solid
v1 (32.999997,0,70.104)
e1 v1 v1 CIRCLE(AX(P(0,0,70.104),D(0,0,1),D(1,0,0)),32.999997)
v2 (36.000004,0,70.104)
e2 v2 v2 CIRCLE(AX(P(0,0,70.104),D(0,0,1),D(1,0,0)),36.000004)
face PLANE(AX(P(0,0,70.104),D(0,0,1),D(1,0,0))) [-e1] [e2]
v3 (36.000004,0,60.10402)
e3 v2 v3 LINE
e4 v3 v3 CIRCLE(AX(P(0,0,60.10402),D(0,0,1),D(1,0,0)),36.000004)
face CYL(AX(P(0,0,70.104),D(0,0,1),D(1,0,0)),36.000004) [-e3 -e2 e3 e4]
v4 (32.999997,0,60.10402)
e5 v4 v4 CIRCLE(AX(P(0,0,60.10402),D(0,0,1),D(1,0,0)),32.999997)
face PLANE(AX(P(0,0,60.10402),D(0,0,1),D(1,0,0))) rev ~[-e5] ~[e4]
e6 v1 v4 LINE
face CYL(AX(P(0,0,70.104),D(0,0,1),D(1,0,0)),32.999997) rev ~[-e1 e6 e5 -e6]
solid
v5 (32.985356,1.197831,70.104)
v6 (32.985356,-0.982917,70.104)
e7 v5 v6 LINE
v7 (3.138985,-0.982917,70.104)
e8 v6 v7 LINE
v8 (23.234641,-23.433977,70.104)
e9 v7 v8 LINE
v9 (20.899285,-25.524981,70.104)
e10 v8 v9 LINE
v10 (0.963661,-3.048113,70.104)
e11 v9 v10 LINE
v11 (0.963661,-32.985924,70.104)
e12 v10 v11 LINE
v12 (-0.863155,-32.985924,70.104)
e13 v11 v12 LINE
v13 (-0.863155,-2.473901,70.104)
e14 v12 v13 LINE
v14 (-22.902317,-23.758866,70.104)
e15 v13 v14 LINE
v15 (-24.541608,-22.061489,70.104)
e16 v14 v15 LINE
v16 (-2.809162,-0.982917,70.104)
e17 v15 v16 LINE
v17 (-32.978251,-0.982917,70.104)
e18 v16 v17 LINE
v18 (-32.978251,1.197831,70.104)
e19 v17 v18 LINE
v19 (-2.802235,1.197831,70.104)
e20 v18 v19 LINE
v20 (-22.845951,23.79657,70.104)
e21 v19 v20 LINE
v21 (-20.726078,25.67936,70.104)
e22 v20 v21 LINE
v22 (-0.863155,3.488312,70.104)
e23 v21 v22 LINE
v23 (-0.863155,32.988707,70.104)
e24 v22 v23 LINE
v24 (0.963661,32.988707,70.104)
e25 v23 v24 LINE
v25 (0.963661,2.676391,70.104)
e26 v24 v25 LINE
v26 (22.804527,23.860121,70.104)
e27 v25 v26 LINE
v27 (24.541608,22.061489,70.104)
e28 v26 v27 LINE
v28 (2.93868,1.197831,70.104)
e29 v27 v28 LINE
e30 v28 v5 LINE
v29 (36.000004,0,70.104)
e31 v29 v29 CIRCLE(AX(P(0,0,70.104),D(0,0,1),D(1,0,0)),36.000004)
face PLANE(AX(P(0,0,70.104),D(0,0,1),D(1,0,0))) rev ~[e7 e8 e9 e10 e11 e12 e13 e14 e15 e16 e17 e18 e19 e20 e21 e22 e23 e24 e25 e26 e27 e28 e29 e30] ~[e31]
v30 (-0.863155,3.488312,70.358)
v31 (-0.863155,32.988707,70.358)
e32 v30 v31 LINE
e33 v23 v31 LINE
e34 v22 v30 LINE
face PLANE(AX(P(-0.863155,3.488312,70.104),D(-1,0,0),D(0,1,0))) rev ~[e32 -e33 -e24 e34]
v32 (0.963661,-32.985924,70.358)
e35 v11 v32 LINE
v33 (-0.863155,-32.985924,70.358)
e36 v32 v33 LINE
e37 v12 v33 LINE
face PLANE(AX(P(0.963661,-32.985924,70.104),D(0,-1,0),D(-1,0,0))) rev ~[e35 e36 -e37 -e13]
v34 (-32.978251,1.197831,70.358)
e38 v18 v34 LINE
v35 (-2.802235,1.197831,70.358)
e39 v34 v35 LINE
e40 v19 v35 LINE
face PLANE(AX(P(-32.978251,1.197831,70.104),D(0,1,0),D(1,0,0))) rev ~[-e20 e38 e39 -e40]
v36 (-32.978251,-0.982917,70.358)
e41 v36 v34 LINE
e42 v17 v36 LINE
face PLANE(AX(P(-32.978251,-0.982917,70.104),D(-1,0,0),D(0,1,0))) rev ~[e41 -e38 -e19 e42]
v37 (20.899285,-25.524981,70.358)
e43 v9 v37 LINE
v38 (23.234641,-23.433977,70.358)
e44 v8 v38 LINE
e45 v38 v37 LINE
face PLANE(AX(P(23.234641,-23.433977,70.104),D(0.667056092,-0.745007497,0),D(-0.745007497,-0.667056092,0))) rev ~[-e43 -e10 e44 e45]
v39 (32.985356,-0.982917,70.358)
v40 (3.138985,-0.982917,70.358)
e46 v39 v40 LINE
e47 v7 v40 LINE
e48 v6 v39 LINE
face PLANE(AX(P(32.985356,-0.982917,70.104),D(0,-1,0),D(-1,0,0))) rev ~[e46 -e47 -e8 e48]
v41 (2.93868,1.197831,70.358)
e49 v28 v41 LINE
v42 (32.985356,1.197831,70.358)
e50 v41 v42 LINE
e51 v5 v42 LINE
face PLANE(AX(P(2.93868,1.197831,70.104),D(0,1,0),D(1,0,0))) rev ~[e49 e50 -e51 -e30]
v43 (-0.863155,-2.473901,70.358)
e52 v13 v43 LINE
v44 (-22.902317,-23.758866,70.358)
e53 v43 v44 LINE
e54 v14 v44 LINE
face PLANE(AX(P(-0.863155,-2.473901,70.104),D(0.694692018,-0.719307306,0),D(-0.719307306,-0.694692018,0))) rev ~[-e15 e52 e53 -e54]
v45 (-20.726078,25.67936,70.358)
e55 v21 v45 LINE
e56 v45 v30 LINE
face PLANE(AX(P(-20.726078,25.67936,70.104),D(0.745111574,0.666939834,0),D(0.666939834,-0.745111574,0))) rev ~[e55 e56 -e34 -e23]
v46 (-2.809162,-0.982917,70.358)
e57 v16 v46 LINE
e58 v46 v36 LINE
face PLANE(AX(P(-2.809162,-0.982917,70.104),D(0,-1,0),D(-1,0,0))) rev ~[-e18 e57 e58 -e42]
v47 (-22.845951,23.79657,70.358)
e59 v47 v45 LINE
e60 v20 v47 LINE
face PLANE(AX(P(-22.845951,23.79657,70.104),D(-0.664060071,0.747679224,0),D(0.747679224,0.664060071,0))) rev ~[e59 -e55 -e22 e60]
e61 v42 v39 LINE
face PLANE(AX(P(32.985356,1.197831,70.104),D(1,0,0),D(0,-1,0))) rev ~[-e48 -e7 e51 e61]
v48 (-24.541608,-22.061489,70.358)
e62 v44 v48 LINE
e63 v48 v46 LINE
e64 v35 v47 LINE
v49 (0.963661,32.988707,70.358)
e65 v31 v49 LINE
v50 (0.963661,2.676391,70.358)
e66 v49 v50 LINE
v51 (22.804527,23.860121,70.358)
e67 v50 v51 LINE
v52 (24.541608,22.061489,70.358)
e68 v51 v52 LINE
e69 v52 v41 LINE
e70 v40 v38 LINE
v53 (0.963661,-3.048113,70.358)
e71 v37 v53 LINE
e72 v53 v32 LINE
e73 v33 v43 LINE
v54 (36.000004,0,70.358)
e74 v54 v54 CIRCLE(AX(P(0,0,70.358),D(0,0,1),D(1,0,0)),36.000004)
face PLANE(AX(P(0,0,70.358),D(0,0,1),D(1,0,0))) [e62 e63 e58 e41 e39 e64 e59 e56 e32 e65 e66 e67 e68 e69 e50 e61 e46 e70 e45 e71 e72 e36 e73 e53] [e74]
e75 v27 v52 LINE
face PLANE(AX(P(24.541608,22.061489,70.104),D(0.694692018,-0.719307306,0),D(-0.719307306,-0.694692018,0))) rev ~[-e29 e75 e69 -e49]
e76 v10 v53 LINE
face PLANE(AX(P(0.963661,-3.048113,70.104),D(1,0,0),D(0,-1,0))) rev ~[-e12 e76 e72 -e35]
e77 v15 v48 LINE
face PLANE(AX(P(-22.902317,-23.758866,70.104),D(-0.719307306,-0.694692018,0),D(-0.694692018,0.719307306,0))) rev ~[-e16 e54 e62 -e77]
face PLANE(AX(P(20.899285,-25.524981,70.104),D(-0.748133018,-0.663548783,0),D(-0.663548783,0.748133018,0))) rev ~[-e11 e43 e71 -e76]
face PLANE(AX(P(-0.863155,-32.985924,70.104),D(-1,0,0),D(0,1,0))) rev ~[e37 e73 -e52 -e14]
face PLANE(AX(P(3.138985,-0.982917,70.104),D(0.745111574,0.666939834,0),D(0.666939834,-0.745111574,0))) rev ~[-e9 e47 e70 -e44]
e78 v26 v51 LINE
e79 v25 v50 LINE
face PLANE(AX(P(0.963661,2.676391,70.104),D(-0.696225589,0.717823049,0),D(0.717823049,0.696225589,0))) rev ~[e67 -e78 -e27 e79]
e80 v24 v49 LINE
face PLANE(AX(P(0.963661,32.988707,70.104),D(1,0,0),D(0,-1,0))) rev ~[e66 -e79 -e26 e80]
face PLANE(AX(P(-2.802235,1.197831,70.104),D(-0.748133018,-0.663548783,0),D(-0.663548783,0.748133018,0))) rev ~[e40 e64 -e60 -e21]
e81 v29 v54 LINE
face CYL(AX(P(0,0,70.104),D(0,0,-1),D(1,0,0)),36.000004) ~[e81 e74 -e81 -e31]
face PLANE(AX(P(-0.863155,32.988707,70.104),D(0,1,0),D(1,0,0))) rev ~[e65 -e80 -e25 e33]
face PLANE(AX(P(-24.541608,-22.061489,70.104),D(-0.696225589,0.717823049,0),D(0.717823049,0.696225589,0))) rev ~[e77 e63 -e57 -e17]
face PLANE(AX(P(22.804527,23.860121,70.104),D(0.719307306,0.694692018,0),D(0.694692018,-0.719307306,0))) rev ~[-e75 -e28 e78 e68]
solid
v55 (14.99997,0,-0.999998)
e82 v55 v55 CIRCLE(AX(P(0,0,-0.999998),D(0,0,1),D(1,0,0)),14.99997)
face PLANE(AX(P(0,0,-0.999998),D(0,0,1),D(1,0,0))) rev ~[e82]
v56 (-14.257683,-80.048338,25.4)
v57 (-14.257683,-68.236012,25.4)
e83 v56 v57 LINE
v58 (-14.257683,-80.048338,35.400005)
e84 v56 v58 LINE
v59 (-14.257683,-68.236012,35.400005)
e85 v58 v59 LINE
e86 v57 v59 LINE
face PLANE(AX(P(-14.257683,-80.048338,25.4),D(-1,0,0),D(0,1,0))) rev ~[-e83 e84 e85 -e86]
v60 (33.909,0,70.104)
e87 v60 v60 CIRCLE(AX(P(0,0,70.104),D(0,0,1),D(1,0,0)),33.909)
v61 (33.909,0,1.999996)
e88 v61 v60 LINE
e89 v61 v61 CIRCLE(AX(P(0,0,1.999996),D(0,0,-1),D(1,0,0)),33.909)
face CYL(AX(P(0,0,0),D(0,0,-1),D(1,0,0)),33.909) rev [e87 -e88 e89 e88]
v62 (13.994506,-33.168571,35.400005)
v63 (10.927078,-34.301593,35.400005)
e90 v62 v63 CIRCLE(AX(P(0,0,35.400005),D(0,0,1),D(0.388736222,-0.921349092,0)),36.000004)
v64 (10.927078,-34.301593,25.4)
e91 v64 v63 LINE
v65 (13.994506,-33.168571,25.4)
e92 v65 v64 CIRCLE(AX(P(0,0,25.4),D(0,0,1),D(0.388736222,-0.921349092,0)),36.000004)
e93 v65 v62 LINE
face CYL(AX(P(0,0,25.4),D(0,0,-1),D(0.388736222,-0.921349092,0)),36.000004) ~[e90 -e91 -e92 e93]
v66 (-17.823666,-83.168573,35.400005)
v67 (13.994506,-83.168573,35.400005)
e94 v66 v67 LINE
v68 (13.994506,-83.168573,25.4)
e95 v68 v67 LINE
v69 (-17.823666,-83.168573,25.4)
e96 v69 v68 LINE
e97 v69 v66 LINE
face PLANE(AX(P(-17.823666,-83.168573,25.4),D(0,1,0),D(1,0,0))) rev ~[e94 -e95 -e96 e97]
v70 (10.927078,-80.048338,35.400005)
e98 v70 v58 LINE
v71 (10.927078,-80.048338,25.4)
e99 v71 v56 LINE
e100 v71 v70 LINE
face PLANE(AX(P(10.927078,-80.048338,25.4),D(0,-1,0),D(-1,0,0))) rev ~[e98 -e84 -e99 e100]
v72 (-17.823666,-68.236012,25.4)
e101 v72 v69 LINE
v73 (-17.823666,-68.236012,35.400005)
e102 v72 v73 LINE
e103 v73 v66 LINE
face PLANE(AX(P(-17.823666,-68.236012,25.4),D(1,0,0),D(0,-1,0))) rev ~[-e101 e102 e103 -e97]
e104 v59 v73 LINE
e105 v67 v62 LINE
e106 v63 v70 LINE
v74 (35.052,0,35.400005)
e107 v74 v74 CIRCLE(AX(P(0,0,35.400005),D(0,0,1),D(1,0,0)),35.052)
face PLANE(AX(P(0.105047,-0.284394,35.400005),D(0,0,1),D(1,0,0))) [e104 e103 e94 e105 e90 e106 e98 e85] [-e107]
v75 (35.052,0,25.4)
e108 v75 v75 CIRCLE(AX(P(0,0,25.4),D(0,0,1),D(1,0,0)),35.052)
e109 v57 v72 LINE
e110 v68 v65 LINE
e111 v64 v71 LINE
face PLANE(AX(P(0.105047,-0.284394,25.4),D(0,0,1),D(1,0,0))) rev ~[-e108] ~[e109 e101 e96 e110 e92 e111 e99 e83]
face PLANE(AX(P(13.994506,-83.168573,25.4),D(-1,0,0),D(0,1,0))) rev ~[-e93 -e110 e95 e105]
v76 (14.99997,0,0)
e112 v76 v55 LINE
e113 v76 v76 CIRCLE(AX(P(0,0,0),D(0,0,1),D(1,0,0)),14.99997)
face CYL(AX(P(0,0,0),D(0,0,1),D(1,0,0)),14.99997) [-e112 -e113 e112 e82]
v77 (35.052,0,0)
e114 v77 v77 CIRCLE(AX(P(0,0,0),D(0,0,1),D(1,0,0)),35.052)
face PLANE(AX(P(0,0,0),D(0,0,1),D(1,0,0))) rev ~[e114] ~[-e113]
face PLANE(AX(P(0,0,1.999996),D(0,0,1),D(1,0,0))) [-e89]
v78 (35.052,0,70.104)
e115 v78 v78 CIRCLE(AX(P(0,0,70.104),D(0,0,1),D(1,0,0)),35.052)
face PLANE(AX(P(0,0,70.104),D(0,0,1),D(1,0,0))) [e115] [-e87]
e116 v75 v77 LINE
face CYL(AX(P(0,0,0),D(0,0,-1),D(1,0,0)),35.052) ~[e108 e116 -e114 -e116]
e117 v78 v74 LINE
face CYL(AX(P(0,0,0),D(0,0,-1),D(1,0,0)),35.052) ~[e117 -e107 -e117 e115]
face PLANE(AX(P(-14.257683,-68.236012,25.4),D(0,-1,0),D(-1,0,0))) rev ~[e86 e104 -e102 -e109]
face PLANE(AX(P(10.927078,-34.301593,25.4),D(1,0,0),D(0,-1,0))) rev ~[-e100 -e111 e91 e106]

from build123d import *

# Parameters (mm, degrees)
F0_R      = 35.052
F0_R_2    = 33.909
F1_DEPTH  = 70.104
F2_R      = 35.052
F3_DEPTH  = 1.999996
F4_R      = 14.99997
F5_DEPTH  = 0.999998
F6_R      = 36.0000042
F6_R_2    = 32.9999975
F7_DEPTH  = 9.99998
F8_R      = 36.0000042
F9_DEPTH  = 0.9398
F11_R     = 35.052
F12_DEPTH = 10.0000054
F13_DEPTH = 10.0000054
F14_DEPTH = 0.254


with BuildPart() as f1:
    # F0 (on Top) → F1 (new body)
    with BuildSketch(Plane.XY):
        Circle(F0_R)
        Circle(F0_R_2, mode=Mode.SUBTRACT)
    extrude(amount=F1_DEPTH)

    # F2 (on Top) → F3 (join)
    with BuildSketch(Plane.XY):
        Circle(F2_R)
    extrude(amount=F3_DEPTH)

    # F4 (on face) → F5 (join)
    with BuildSketch(Plane.XY):
        Circle(F4_R)
    extrude(amount=-F5_DEPTH)

    # F8 (on face) → F9 (cut)
    with BuildSketch(Plane.XY.offset(70.104)):
        Circle(F8_R)
        Polygon((-0.8631545961, 3.4883117496), (-0.8631545961, 32.9887071457), (0.9636605694, 32.9887071457), (0.9636605694, 2.6763906699), (22.80452686, 23.8601211458), (24.5416078782, 22.0614894727), (2.938679691, 1.1978312537), (32.9853559722, 1.1978312537), (32.9853559722, -0.9829172856), (3.1389852868, -0.9829172856), (23.2346414068, -23.4339769074), (20.899284631, -25.5249813199), (0.9636605694, -3.0481130643), (0.9636605694, -32.9859241694), (-0.8631545961, -32.9859241694), (-0.8631545961, -2.4739011377), (-22.9023173451, -23.7588656131), (-24.5416078782, -22.0614894727), (-2.8091619684, -0.9829172856), (-32.9782509434, -0.9829172856), (-32.9782509434, 1.1978312537), (-2.8022354953, 1.1978312537), (-22.8459511004, 23.796569754), (-20.7260778787, 25.6793600147), align=None, mode=Mode.SUBTRACT)
    extrude(amount=F9_DEPTH, mode=Mode.SUBTRACT)

    # F11 (on offset) → F12 (join)
    with BuildSketch(Plane.XY.offset(25.4)):
        with BuildLine():
            ThreePointArc((13.9945056409, -33.1685711822), (29.998354657, -19.9022365646), (36.0000042, 0))
            ThreePointArc((36.0000042, 0), (-29.0635094887, 21.2441219776), (10.9270783141, -34.3015927023))
            Line((10.9270783141, -34.3015927023), (13.9945056409, -33.1685711822))
        make_face()
        Circle(F11_R, mode=Mode.SUBTRACT)
        with BuildLine():
            Line((13.9945056409, -33.1685711822), (10.9270783141, -34.3015927023))
            ThreePointArc((10.9270783141, -34.3015927023), (12.4736631007, -33.769927913), (13.9945056409, -33.1685711822))
        make_face()
        with BuildLine():
            ThreePointArc((13.9945056409, -33.1685711822), (12.4736631007, -33.769927913), (10.9270783141, -34.3015927023))
            Line((10.9270783141, -34.3015927023), (10.9270783141, -80.0483375344))
            Line((10.9270783141, -80.0483375344), (-14.2576834187, -80.0483375344))
            Line((-14.2576834187, -80.0483375344), (-14.2576834187, -68.2360119674))
            Line((-14.2576834187, -68.2360119674), (-17.8236663342, -68.2360119674))
            Line((-17.8236663342, -68.2360119674), (-17.8236663342, -83.1685727822))
            Line((-17.8236663342, -83.1685727822), (13.9945056409, -83.1685727822))
            Line((13.9945056409, -83.1685727822), (13.9945056409, -33.1685711822))
        make_face()
    extrude(amount=F12_DEPTH)

    # F11 (on offset) → F13 (join)
    with BuildSketch(Plane.XY.offset(25.4)):
        with BuildLine():
            ThreePointArc((13.9945056409, -33.1685711822), (29.998354657, -19.9022365646), (36.0000042, 0))
            ThreePointArc((36.0000042, 0), (-29.0635094887, 21.2441219776), (10.9270783141, -34.3015927023))
            Line((10.9270783141, -34.3015927023), (13.9945056409, -33.1685711822))
        make_face()
        Circle(F11_R, mode=Mode.SUBTRACT)
        with BuildLine():
            Line((13.9945056409, -33.1685711822), (10.9270783141, -34.3015927023))
            ThreePointArc((10.9270783141, -34.3015927023), (12.4736631007, -33.769927913), (13.9945056409, -33.1685711822))
        make_face()
        with BuildLine():
            ThreePointArc((13.9945056409, -33.1685711822), (12.4736631007, -33.769927913), (10.9270783141, -34.3015927023))
            Line((10.9270783141, -34.3015927023), (10.9270783141, -80.0483375344))
            Line((10.9270783141, -80.0483375344), (-14.2576834187, -80.0483375344))
            Line((-14.2576834187, -80.0483375344), (-14.2576834187, -68.2360119674))
            Line((-14.2576834187, -68.2360119674), (-17.8236663342, -68.2360119674))
            Line((-17.8236663342, -68.2360119674), (-17.8236663342, -83.1685727822))
            Line((-17.8236663342, -83.1685727822), (13.9945056409, -83.1685727822))
            Line((13.9945056409, -83.1685727822), (13.9945056409, -33.1685711822))
        make_face()
    extrude(amount=F13_DEPTH)


with BuildPart() as f7:
    # F6 (on face) → F7 (new body)
    with BuildSketch(Plane.XY.offset(70.104)):
        Circle(F6_R)
        Circle(F6_R_2, mode=Mode.SUBTRACT)
    extrude(amount=-F7_DEPTH)


with BuildPart() as f14:
    # F8 (on face) → F14 (new body)
    with BuildSketch(Plane.XY.offset(70.104)):
        Circle(F8_R)
        Polygon((-0.8631545961, 3.4883117496), (-0.8631545961, 32.9887071457), (0.9636605694, 32.9887071457), (0.9636605694, 2.6763906699), (22.80452686, 23.8601211458), (24.5416078782, 22.0614894727), (2.938679691, 1.1978312537), (32.9853559722, 1.1978312537), (32.9853559722, -0.9829172856), (3.1389852868, -0.9829172856), (23.2346414068, -23.4339769074), (20.899284631, -25.5249813199), (0.9636605694, -3.0481130643), (0.9636605694, -32.9859241694), (-0.8631545961, -32.9859241694), (-0.8631545961, -2.4739011377), (-22.9023173451, -23.7588656131), (-24.5416078782, -22.0614894727), (-2.8091619684, -0.9829172856), (-32.9782509434, -0.9829172856), (-32.9782509434, 1.1978312537), (-2.8022354953, 1.1978312537), (-22.8459511004, 23.796569754), (-20.7260778787, 25.6793600147), align=None, mode=Mode.SUBTRACT)
    extrude(amount=F14_DEPTH)


solid = Compound([f1.part, f7.part, f14.part])
